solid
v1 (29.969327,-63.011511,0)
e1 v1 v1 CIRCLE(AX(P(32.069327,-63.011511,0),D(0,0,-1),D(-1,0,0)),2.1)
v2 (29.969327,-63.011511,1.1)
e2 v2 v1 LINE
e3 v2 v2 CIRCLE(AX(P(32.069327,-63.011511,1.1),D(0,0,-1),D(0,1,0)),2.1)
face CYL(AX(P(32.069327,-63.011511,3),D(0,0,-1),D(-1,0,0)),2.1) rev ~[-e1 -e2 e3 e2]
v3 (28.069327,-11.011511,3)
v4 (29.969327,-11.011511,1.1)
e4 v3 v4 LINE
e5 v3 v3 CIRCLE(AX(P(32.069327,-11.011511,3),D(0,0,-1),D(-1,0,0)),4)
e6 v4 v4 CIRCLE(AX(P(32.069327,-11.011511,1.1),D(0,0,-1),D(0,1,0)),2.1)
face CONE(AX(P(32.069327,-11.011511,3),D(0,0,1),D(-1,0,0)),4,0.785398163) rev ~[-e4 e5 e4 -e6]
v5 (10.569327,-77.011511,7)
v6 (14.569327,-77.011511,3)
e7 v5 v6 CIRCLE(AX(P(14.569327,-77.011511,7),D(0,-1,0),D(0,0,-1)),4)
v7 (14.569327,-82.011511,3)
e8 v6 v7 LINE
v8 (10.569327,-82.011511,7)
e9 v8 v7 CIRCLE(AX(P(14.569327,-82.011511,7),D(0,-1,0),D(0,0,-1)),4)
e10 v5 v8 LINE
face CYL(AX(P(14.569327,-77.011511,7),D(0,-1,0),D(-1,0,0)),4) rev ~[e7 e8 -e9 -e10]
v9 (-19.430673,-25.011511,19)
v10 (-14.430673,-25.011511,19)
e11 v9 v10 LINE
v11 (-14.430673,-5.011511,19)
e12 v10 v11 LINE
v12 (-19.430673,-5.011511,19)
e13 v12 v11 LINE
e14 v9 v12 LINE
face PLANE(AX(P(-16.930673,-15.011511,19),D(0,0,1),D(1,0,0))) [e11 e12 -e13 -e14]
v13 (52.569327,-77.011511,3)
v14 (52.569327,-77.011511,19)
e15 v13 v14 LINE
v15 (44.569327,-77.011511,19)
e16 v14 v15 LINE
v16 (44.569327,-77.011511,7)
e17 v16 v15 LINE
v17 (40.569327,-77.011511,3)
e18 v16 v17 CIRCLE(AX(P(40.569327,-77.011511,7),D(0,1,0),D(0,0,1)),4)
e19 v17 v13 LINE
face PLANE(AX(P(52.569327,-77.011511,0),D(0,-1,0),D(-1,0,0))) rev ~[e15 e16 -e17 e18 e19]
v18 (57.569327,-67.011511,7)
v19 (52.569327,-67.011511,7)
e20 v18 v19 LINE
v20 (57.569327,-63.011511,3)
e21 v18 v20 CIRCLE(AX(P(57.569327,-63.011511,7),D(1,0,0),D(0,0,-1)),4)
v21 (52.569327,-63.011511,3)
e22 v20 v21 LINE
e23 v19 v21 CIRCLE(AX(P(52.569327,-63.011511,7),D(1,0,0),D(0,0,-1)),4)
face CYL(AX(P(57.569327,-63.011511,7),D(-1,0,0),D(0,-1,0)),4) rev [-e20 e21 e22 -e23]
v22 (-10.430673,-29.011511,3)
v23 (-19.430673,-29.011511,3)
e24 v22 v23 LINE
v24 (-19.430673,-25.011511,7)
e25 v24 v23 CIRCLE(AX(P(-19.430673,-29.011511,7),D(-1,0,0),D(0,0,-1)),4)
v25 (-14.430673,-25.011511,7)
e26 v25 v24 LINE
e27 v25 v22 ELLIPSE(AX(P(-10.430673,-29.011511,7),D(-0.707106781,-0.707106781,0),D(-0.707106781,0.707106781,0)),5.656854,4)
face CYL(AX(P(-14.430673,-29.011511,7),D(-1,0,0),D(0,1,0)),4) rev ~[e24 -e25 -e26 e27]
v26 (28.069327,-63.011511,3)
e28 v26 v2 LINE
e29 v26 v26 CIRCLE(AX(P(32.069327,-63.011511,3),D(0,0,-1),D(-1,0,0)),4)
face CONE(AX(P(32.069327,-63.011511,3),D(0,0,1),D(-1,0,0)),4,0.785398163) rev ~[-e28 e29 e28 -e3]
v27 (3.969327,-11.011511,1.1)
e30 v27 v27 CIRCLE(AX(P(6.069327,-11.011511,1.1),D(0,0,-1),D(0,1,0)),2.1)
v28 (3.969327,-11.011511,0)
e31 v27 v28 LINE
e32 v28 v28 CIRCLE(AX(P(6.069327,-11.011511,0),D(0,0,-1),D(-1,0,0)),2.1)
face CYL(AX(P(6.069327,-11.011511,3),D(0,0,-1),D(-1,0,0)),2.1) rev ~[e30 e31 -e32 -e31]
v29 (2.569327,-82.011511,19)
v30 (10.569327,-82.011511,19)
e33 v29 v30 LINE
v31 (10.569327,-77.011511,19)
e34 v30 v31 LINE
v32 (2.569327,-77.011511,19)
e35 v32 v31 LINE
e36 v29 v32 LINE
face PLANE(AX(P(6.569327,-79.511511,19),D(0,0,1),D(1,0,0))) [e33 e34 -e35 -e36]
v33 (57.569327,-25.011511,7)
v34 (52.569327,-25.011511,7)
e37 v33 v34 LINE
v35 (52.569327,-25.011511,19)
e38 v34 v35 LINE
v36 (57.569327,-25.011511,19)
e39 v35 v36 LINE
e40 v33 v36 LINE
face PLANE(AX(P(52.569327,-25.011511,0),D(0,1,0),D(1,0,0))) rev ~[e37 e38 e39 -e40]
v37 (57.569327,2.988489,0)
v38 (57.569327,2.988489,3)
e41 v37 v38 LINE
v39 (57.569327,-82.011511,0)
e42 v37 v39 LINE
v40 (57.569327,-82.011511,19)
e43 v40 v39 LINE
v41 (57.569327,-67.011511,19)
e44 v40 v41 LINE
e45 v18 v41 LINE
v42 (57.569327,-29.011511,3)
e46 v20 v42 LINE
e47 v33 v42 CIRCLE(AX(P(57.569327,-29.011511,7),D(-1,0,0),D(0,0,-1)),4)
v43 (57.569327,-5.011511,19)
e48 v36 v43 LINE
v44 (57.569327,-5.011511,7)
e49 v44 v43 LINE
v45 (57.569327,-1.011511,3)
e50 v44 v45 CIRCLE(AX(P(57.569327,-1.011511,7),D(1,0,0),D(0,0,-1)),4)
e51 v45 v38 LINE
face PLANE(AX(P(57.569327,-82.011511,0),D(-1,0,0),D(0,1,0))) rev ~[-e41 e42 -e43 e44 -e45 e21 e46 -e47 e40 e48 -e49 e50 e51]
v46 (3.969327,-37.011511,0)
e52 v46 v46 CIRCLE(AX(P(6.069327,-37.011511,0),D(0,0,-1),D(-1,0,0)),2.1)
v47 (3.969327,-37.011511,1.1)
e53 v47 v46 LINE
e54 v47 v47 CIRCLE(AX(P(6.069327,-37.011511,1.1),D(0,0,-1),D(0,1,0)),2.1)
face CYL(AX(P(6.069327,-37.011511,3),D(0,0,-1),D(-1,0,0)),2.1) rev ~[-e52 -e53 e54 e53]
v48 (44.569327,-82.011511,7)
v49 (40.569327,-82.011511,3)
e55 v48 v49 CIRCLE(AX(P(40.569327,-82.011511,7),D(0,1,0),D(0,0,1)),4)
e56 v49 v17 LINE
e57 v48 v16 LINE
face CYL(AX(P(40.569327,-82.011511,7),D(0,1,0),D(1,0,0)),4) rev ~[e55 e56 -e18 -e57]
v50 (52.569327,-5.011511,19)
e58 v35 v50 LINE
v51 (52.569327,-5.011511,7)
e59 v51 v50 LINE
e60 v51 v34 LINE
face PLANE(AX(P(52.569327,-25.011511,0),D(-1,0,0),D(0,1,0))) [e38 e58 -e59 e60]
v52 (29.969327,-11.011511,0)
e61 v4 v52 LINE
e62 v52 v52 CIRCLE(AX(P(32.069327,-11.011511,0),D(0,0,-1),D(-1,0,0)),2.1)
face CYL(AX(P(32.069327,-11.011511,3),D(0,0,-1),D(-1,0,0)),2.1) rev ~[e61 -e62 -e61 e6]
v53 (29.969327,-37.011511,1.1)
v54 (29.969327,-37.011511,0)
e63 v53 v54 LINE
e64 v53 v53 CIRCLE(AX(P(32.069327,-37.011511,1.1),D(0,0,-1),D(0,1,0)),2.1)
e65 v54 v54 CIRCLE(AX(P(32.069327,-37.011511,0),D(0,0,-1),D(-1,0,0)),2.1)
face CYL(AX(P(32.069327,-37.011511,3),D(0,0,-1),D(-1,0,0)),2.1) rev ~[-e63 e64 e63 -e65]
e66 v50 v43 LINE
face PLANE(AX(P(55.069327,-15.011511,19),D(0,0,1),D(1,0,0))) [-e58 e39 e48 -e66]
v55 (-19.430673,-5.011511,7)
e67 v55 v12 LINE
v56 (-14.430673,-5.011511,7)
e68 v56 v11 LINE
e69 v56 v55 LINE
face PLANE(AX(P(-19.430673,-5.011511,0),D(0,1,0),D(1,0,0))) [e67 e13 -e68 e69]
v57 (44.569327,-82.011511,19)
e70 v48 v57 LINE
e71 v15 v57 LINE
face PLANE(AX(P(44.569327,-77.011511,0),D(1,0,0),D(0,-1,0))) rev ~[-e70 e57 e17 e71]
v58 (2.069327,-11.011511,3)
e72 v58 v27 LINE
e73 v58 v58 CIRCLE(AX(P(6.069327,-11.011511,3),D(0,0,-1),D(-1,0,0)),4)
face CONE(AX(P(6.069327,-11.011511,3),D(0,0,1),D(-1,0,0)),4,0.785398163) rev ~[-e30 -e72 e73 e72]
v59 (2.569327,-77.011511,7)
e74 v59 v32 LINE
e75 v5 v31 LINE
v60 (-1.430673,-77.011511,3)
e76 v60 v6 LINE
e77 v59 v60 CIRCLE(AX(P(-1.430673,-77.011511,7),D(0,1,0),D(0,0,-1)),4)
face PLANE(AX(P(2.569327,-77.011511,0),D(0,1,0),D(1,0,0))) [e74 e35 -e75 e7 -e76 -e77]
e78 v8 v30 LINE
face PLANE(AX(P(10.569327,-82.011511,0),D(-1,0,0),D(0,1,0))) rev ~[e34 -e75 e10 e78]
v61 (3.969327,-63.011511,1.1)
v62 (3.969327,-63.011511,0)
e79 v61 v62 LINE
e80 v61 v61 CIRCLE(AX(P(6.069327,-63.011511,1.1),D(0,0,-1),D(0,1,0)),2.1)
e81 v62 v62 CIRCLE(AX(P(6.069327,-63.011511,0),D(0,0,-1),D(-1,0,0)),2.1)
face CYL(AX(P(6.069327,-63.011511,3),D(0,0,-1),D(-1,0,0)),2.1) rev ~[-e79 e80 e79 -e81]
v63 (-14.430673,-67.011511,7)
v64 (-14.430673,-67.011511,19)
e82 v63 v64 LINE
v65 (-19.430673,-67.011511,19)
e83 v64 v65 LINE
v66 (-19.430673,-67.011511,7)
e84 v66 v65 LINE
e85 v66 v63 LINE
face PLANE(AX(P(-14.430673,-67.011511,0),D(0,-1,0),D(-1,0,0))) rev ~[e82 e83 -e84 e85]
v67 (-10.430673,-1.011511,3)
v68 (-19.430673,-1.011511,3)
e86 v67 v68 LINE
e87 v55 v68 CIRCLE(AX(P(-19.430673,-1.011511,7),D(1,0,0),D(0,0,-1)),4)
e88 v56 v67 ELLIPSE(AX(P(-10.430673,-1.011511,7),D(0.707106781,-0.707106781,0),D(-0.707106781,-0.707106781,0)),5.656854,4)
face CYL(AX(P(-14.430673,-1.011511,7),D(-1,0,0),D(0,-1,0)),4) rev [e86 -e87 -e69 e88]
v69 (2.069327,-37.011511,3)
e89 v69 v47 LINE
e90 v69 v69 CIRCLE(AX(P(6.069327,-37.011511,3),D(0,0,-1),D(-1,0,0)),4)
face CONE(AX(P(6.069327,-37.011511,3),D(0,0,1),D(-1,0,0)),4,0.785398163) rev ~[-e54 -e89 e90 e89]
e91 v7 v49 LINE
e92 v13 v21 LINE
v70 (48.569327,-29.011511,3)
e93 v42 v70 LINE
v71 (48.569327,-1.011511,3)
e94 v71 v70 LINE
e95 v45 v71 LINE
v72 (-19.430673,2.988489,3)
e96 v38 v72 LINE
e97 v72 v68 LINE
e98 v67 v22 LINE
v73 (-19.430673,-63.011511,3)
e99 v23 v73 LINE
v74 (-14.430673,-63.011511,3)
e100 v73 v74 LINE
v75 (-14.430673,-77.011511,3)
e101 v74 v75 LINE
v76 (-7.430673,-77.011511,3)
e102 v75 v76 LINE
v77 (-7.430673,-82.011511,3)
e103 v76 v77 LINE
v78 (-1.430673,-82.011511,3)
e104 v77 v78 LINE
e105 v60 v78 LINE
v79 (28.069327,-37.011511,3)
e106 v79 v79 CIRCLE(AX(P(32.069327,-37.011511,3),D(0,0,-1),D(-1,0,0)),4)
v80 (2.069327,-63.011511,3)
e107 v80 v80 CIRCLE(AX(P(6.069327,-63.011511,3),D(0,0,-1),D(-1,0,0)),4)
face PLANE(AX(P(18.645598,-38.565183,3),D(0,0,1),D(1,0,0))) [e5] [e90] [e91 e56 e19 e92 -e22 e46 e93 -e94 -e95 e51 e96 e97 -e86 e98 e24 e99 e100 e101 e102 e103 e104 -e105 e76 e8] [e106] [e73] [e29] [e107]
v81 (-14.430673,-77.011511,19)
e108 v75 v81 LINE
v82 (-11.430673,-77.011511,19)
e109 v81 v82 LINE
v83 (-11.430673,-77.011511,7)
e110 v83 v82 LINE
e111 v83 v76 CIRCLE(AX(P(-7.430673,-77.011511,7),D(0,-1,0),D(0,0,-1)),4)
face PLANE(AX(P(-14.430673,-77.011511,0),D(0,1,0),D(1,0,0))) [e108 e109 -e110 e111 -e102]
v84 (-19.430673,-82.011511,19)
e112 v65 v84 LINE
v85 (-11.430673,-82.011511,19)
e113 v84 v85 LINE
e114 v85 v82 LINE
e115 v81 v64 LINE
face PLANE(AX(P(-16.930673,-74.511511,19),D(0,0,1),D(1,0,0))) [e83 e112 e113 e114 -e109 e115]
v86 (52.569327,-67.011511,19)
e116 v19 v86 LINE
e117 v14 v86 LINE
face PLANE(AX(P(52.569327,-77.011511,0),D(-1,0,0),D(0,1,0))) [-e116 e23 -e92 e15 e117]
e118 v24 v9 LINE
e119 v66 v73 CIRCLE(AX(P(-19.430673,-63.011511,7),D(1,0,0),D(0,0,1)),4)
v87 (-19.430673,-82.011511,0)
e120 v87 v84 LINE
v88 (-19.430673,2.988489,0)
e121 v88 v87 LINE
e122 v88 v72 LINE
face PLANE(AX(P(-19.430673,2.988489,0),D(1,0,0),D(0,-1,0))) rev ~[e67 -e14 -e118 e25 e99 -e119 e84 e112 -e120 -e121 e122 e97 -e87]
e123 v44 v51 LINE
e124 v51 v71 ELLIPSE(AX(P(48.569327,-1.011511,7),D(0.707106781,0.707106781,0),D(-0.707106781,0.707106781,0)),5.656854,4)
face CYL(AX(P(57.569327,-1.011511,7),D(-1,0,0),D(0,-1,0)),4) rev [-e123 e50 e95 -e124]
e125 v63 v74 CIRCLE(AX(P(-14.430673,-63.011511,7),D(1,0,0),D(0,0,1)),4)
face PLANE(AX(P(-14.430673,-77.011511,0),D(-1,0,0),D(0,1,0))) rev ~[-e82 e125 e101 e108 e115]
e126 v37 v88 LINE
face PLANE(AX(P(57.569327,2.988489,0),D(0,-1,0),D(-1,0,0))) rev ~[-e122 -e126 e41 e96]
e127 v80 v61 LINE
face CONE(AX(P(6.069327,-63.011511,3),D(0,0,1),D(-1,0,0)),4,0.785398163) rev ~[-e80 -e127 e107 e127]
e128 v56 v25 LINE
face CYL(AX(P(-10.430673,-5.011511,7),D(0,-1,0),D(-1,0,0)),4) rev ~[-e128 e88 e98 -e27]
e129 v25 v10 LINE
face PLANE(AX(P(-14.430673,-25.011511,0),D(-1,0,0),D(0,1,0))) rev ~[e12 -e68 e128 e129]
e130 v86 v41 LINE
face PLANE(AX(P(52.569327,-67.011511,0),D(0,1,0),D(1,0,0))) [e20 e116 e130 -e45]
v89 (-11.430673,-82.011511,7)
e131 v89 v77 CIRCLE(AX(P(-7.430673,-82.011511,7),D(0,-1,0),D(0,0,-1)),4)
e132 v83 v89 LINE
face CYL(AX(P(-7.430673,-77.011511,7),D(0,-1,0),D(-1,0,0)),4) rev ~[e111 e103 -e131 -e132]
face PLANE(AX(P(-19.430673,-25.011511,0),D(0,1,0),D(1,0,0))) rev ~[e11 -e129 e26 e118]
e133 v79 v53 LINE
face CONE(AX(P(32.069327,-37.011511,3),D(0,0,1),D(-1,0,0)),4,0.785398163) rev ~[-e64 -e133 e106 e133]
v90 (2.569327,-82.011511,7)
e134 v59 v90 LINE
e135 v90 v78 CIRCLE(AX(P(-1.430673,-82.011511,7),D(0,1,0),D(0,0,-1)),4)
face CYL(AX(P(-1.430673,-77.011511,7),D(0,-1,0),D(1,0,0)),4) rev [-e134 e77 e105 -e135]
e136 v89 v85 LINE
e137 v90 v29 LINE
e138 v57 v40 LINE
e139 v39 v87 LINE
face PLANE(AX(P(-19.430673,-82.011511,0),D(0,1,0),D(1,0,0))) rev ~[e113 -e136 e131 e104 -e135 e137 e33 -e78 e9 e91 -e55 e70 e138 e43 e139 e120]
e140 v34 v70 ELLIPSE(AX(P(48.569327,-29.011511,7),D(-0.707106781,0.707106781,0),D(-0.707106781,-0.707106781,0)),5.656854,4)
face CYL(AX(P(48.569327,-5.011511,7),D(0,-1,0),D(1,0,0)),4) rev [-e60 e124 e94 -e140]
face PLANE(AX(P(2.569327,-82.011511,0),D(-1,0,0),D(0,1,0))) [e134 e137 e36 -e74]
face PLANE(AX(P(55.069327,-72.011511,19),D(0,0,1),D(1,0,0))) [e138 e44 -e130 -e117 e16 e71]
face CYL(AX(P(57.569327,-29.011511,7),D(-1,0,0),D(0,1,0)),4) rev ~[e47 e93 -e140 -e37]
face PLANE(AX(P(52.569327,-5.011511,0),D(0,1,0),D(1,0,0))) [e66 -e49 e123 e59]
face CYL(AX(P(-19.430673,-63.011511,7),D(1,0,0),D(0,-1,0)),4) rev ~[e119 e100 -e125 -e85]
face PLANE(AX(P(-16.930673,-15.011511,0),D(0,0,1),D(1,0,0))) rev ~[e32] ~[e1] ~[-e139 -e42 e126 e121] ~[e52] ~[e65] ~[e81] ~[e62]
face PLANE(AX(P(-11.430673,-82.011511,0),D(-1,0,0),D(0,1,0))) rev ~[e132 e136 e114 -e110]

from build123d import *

# Parameters (mm, degrees)
F0_W           = 8
F0_H           = 5
F0_W_2         = 3
F0_W_3         = 5
F0_H_2         = 10
F0_H_3         = 20
F1_DEPTH       = 3
F2_DEPTH       = 19
F4_D           = 4.2
F4_CSINK_D     = 8
F4_CSINK_ANGLE = 90
F5_R           = 4


with BuildPart() as f1:
    # F0 (on Top) → F1 (new body)
    with BuildSketch(Plane.XY):
        Polygon((57.569327, 2.988489), (-19.430673, 2.988489), (-19.430673, -5.011511), (-14.430673, -5.011511), (-14.430673, -25.011511), (-19.430673, -25.011511), (-19.430673, -67.011511), (-14.430673, -67.011511), (-14.430673, -77.011511), (-11.430673, -77.011511), (-11.430673, -82.011511), (2.569327, -82.011511), (2.569327, -77.011511), (10.569327, -77.011511), (10.569327, -82.011511), (44.569327, -82.011511), (44.569327, -77.011511), (52.569327, -77.011511), (52.569327, -67.011511), (57.569327, -67.011511), (57.569327, -25.011511), (52.569327, -25.011511), (52.569327, -5.011511), (57.569327, -5.011511), align=None)
        with Locations((6.569327, -79.511511)):
            Rectangle(F0_W, F0_H)
        Polygon((-14.430673, -67.011511), (-19.430673, -67.011511), (-19.430673, -82.011511), (-14.430673, -82.011511), (-14.430673, -77.011511), align=None)
        with Locations((-12.930673, -79.511511)):
            Rectangle(F0_W_2, F0_H)
        Polygon((57.569327, -82.011511), (57.569327, -77.011511), (52.569327, -77.011511), (44.569327, -77.011511), (44.569327, -82.011511), align=None)
        with Locations((55.069327, -72.011511)):
            Rectangle(F0_W_3, F0_H_2)
        with Locations((55.069327, -15.011511)):
            Rectangle(F0_W_3, F0_H_3)
        with Locations((-16.930673, -15.011511)):
            Rectangle(F0_W_3, F0_H_3)
    extrude(amount=F1_DEPTH)

    # F0 (on Top) → F2 (join)
    with BuildSketch(Plane.XY):
        with Locations((-16.930673, -15.011511)):
            Rectangle(F0_W_3, F0_H_3)
        with Locations((55.069327, -15.011511)):
            Rectangle(F0_W_3, F0_H_3)
        with Locations((55.069327, -72.011511)):
            Rectangle(F0_W_3, F0_H_2)
        Polygon((57.569327, -82.011511), (57.569327, -77.011511), (52.569327, -77.011511), (44.569327, -77.011511), (44.569327, -82.011511), align=None)
        with Locations((6.569327, -79.511511)):
            Rectangle(F0_W, F0_H)
        Polygon((-14.430673, -67.011511), (-19.430673, -67.011511), (-19.430673, -82.011511), (-14.430673, -82.011511), (-14.430673, -77.011511), align=None)
        with Locations((-12.930673, -79.511511)):
            Rectangle(F0_W_2, F0_H)
    extrude(amount=F2_DEPTH)

    # F4 (through all)
    with Locations(Plane.XY.offset(3)):
        with Locations((6.069327, -11.011511), (32.069327, -11.011511), (6.069327, -63.011511), (32.069327, -63.011511), (32.069327, -37.011511), (6.069327, -37.011511)):
            CounterSinkHole(F4_D / 2, F4_CSINK_D / 2, counter_sink_angle=F4_CSINK_ANGLE)

    # F5
    f5_edges = [f1.edges().sort_by_distance(p)[0] for p in [
        (-16.930673, -25.011511, 3),
        (-16.930673, -67.011511, 3),
        (-11.430673, -79.511511, 3),
        (10.569327, -79.511511, 3),
        (2.569327, -79.511511, 3),
        (44.569327, -79.511511, 3),
        (55.069327, -25.011511, 3),
        (55.069327, -67.011511, 3),
        (55.069327, -5.011511, 3),
        (-16.930673, -5.011511, 3),
        (-14.430673, -15.011511, 3),
        (52.569327, -15.011511, 3),
    ]]
    fillet(f5_edges, radius=F5_R)


solid = f1.part
